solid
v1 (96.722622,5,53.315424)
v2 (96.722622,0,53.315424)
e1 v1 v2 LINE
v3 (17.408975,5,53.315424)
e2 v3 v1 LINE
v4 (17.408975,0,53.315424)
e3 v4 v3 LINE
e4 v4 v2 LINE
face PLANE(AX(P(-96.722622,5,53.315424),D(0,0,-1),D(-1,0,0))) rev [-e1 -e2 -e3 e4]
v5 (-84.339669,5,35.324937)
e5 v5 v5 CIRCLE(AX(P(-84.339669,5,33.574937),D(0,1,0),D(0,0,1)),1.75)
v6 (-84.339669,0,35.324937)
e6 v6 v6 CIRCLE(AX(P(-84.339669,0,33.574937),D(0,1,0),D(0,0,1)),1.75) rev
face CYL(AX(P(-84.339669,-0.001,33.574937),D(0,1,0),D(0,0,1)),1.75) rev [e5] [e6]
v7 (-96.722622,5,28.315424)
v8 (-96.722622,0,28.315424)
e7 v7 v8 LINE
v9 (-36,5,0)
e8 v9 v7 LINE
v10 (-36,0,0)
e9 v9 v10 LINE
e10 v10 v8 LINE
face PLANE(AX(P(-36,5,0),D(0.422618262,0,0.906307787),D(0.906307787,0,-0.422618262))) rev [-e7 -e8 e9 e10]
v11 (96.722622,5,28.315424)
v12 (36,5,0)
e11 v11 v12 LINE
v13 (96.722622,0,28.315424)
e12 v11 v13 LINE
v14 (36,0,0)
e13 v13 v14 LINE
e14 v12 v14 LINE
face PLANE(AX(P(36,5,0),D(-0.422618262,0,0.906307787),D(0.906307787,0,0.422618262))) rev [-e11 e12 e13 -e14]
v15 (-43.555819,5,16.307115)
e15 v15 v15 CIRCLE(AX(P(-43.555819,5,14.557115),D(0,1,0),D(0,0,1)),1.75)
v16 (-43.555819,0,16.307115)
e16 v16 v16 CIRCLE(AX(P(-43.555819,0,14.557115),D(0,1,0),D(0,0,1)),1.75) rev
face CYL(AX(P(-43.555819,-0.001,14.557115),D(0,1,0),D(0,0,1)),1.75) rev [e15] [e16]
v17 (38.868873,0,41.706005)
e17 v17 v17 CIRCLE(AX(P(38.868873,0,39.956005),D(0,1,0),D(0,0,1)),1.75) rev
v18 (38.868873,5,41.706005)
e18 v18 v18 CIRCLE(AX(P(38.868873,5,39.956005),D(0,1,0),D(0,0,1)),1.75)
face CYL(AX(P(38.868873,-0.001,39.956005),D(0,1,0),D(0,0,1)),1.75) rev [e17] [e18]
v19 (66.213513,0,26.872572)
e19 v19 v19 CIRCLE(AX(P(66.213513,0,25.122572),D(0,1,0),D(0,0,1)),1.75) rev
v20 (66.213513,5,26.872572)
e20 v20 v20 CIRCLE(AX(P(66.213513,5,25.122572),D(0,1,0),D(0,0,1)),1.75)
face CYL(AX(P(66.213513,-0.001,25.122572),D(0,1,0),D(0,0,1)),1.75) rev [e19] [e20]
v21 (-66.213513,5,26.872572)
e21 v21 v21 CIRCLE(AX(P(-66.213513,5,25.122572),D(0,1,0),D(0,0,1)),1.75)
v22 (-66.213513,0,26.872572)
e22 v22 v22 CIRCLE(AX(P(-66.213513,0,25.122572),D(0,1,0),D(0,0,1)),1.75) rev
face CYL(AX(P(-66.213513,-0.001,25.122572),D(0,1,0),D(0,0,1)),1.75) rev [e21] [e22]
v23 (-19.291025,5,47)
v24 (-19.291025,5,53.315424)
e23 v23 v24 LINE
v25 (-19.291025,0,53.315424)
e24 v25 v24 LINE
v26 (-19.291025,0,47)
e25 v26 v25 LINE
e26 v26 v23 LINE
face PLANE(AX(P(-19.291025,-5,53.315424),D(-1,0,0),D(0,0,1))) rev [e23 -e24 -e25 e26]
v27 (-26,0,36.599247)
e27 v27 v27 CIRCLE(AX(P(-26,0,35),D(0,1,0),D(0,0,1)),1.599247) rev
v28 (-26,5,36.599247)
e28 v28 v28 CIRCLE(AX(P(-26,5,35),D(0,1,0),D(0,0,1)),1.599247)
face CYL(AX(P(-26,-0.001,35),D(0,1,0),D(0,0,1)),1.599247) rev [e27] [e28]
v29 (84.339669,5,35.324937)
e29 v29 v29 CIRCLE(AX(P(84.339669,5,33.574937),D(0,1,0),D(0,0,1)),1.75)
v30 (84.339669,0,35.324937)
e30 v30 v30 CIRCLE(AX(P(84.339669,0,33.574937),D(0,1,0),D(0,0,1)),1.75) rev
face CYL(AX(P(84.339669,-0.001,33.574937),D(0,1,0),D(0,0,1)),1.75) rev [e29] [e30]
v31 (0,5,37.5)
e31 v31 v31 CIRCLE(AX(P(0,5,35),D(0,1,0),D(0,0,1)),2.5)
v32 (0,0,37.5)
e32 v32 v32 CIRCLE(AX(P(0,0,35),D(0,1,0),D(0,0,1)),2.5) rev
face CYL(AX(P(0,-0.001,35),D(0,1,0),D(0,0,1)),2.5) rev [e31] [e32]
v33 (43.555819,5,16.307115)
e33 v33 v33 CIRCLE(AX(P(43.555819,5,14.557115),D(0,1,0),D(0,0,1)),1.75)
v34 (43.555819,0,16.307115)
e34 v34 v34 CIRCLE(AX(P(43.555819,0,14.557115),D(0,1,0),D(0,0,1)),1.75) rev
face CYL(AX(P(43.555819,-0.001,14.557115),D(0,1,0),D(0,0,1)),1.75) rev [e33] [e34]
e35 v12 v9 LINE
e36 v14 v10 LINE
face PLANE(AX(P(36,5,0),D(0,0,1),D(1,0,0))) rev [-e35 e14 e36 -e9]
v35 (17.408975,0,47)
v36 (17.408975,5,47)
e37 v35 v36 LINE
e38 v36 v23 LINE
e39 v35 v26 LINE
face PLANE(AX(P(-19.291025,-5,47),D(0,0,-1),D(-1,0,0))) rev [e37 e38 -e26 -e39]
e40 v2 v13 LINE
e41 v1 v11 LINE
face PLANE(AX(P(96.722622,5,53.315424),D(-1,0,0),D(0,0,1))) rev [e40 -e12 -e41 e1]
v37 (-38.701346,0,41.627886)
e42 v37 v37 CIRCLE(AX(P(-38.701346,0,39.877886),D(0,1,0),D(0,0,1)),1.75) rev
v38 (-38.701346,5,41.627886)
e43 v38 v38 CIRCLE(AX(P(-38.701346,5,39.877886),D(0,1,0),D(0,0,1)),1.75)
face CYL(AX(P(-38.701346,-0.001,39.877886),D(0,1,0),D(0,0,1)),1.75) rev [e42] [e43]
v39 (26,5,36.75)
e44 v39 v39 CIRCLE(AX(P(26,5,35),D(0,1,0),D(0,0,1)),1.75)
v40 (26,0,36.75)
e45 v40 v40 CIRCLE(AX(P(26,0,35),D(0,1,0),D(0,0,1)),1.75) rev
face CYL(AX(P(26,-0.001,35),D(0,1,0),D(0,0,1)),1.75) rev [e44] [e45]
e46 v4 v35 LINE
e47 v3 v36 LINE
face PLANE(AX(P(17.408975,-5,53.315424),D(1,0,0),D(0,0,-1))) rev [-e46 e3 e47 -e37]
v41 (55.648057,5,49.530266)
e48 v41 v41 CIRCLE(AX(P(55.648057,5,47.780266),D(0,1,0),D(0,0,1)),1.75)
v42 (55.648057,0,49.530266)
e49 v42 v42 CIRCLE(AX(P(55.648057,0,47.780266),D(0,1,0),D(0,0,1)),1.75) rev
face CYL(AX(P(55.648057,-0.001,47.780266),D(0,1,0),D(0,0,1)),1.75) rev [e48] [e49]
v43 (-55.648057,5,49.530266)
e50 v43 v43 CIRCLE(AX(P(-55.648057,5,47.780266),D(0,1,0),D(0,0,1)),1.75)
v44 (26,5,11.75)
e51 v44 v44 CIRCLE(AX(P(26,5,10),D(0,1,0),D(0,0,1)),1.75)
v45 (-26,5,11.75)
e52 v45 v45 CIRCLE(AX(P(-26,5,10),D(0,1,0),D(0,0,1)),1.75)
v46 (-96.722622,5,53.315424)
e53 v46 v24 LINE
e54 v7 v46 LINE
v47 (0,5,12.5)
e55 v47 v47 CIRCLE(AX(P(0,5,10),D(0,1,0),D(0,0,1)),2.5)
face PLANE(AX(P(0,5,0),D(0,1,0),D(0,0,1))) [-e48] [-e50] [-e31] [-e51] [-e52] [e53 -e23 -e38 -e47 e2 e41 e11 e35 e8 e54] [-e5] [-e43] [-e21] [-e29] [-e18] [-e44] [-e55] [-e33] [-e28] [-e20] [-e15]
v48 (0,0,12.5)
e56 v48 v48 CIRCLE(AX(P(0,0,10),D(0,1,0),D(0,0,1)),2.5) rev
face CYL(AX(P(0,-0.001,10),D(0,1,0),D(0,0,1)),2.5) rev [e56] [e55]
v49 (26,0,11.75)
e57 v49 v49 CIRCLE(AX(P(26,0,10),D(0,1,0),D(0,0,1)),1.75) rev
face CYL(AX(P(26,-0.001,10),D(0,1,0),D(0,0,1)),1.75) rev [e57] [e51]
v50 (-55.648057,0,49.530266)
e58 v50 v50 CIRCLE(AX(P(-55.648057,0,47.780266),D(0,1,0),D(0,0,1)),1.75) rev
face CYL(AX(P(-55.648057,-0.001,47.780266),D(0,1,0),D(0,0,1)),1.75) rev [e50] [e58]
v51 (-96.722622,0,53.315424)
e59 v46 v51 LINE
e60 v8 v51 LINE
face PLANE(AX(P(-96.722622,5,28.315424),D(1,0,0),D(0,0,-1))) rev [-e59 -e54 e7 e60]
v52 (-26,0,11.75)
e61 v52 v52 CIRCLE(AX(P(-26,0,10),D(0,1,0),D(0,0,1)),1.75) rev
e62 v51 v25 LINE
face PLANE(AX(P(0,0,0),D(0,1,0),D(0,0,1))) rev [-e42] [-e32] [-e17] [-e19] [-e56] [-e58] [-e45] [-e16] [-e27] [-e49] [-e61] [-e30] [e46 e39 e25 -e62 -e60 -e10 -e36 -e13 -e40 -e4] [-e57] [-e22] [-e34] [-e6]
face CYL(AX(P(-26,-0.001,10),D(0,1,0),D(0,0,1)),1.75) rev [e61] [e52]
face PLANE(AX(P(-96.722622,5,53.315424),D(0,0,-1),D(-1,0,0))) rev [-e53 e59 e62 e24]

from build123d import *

# Parameters (mm, degrees)
SALIENTE_EXTRUIR1_DEPTH = 5
CORTAR_EXTRUIR1_REACH   = 7
CROQUIS2_R              = 1.75
CROQUIS2_R_2            = 2.5
CROQUIS2_R_3            = 1.599246839
CROQUIS3_W              = 36.7
CROQUIS3_H              = 6.315423537
CORTAR_EXTRUIR2_DEPTH   = 10


with BuildPart() as part:
    # Croquis1 → Saliente-Extruir1 (new body)
    with BuildSketch(Plane(origin=(0, 0, 0), x_dir=(1, 0, 0), z_dir=(0, 1, 0))):
        Polygon((36, 0), (-36, 0), (-96.722621731, -28.315423537), (-96.722621731, -53.315423537), (96.722621731, -53.315423537), (96.722621731, -28.315423537), align=None)
    extrude(amount=SALIENTE_EXTRUIR1_DEPTH)

    # Croquis2 → Cortar-Extruir1 (cut, up to next)
    with BuildSketch(Plane(origin=(0, 5, 0), x_dir=(1, 0, 0), z_dir=(0, 1, 0)), mode=Mode.PRIVATE) as cortar_extruir1_sk1:
        with Locations((-84.339669031, -33.574937051)):
            Circle(CROQUIS2_R)
    cortar_extruir1_tool1 = extrude(cortar_extruir1_sk1.sketch, amount=-CORTAR_EXTRUIR1_REACH, mode=Mode.PRIVATE) & part.part
    add(cortar_extruir1_tool1.solids().sort_by_distance((-84.339669, 5, 33.574937))[0], mode=Mode.SUBTRACT)
    # Croquis2 → Cortar-Extruir1 (cut, up to next)
    with BuildSketch(Plane(origin=(0, 5, 0), x_dir=(1, 0, 0), z_dir=(0, 1, 0)), mode=Mode.PRIVATE) as cortar_extruir1_sk2:
        with Locations((-66.21351329, -25.122571817)):
            Circle(CROQUIS2_R)
    cortar_extruir1_tool2 = extrude(cortar_extruir1_sk2.sketch, amount=-CORTAR_EXTRUIR1_REACH, mode=Mode.PRIVATE) & part.part
    add(cortar_extruir1_tool2.solids().sort_by_distance((-66.213513, 5, 25.122572))[0], mode=Mode.SUBTRACT)
    # Croquis2 → Cortar-Extruir1 (cut, up to next)
    with BuildSketch(Plane(origin=(0, 5, 0), x_dir=(1, 0, 0), z_dir=(0, 1, 0)), mode=Mode.PRIVATE) as cortar_extruir1_sk3:
        with Locations((-55.648056746, -47.780266492)):
            Circle(CROQUIS2_R)
    cortar_extruir1_tool3 = extrude(cortar_extruir1_sk3.sketch, amount=-CORTAR_EXTRUIR1_REACH, mode=Mode.PRIVATE) & part.part
    add(cortar_extruir1_tool3.solids().sort_by_distance((-55.648057, 5, 47.780266))[0], mode=Mode.SUBTRACT)
    # Croquis2 → Cortar-Extruir1 (cut, up to next)
    with BuildSketch(Plane(origin=(0, 5, 0), x_dir=(1, 0, 0), z_dir=(0, 1, 0)), mode=Mode.PRIVATE) as cortar_extruir1_sk4:
        with Locations((-38.701346441, -39.877885696)):
            Circle(CROQUIS2_R)
    cortar_extruir1_tool4 = extrude(cortar_extruir1_sk4.sketch, amount=-CORTAR_EXTRUIR1_REACH, mode=Mode.PRIVATE) & part.part
    add(cortar_extruir1_tool4.solids().sort_by_distance((-38.701346, 5, 39.877886))[0], mode=Mode.SUBTRACT)
    # Croquis2 → Cortar-Extruir1 (cut, up to next)
    with BuildSketch(Plane(origin=(0, 5, 0), x_dir=(1, 0, 0), z_dir=(0, 1, 0)), mode=Mode.PRIVATE) as cortar_extruir1_sk5:
        with Locations((-43.555818614, -14.557115273)):
            Circle(CROQUIS2_R)
    cortar_extruir1_tool5 = extrude(cortar_extruir1_sk5.sketch, amount=-CORTAR_EXTRUIR1_REACH, mode=Mode.PRIVATE) & part.part
    add(cortar_extruir1_tool5.solids().sort_by_distance((-43.555819, 5, 14.557115))[0], mode=Mode.SUBTRACT)
    # Croquis2 → Cortar-Extruir1 (cut, up to next)
    with BuildSketch(Plane(origin=(0, 5, 0), x_dir=(1, 0, 0), z_dir=(0, 1, 0)), mode=Mode.PRIVATE) as cortar_extruir1_sk6:
        with Locations((38.868873457, -39.956004827)):
            Circle(CROQUIS2_R)
    cortar_extruir1_tool6 = extrude(cortar_extruir1_sk6.sketch, amount=-CORTAR_EXTRUIR1_REACH, mode=Mode.PRIVATE) & part.part
    add(cortar_extruir1_tool6.solids().sort_by_distance((38.868873, 5, 39.956005))[0], mode=Mode.SUBTRACT)
    # Croquis2 → Cortar-Extruir1 (cut, up to next)
    with BuildSketch(Plane(origin=(0, 5, 0), x_dir=(1, 0, 0), z_dir=(0, 1, 0)), mode=Mode.PRIVATE) as cortar_extruir1_sk7:
        with Locations((55.648056746, -47.780266492)):
            Circle(CROQUIS2_R)
    cortar_extruir1_tool7 = extrude(cortar_extruir1_sk7.sketch, amount=-CORTAR_EXTRUIR1_REACH, mode=Mode.PRIVATE) & part.part
    add(cortar_extruir1_tool7.solids().sort_by_distance((55.648057, 5, 47.780266))[0], mode=Mode.SUBTRACT)
    # Croquis2 → Cortar-Extruir1 (cut, up to next)
    with BuildSketch(Plane(origin=(0, 5, 0), x_dir=(1, 0, 0), z_dir=(0, 1, 0)), mode=Mode.PRIVATE) as cortar_extruir1_sk8:
        with Locations((84.339669031, -33.574937051)):
            Circle(CROQUIS2_R)
    cortar_extruir1_tool8 = extrude(cortar_extruir1_sk8.sketch, amount=-CORTAR_EXTRUIR1_REACH, mode=Mode.PRIVATE) & part.part
    add(cortar_extruir1_tool8.solids().sort_by_distance((84.339669, 5, 33.574937))[0], mode=Mode.SUBTRACT)
    # Croquis2 → Cortar-Extruir1 (cut, up to next)
    with BuildSketch(Plane(origin=(0, 5, 0), x_dir=(1, 0, 0), z_dir=(0, 1, 0)), mode=Mode.PRIVATE) as cortar_extruir1_sk9:
        with Locations((66.21351329, -25.122571817)):
            Circle(CROQUIS2_R)
    cortar_extruir1_tool9 = extrude(cortar_extruir1_sk9.sketch, amount=-CORTAR_EXTRUIR1_REACH, mode=Mode.PRIVATE) & part.part
    add(cortar_extruir1_tool9.solids().sort_by_distance((66.213513, 5, 25.122572))[0], mode=Mode.SUBTRACT)
    # Croquis2 → Cortar-Extruir1 (cut, up to next)
    with BuildSketch(Plane(origin=(0, 5, 0), x_dir=(1, 0, 0), z_dir=(0, 1, 0)), mode=Mode.PRIVATE) as cortar_extruir1_sk10:
        with Locations((43.555818614, -14.557115273)):
            Circle(CROQUIS2_R)
    cortar_extruir1_tool10 = extrude(cortar_extruir1_sk10.sketch, amount=-CORTAR_EXTRUIR1_REACH, mode=Mode.PRIVATE) & part.part
    add(cortar_extruir1_tool10.solids().sort_by_distance((43.555819, 5, 14.557115))[0], mode=Mode.SUBTRACT)
    # Croquis2 → Cortar-Extruir1 (cut, up to next)
    with BuildSketch(Plane(origin=(0, 5, 0), x_dir=(1, 0, 0), z_dir=(0, 1, 0)), mode=Mode.PRIVATE) as cortar_extruir1_sk11:
        with Locations((0, -10)):
            Circle(CROQUIS2_R_2)
    cortar_extruir1_tool11 = extrude(cortar_extruir1_sk11.sketch, amount=-CORTAR_EXTRUIR1_REACH, mode=Mode.PRIVATE) & part.part
    add(cortar_extruir1_tool11.solids().sort_by_distance((0, 5, 10))[0], mode=Mode.SUBTRACT)
    # Croquis2 → Cortar-Extruir1 (cut, up to next)
    with BuildSketch(Plane(origin=(0, 5, 0), x_dir=(1, 0, 0), z_dir=(0, 1, 0)), mode=Mode.PRIVATE) as cortar_extruir1_sk12:
        with Locations((0, -35)):
            Circle(CROQUIS2_R_2)
    cortar_extruir1_tool12 = extrude(cortar_extruir1_sk12.sketch, amount=-CORTAR_EXTRUIR1_REACH, mode=Mode.PRIVATE) & part.part
    add(cortar_extruir1_tool12.solids().sort_by_distance((0, 5, 35))[0], mode=Mode.SUBTRACT)
    # Croquis2 → Cortar-Extruir1 (cut, up to next)
    with BuildSketch(Plane(origin=(0, 5, 0), x_dir=(1, 0, 0), z_dir=(0, 1, 0)), mode=Mode.PRIVATE) as cortar_extruir1_sk13:
        with Locations((26, -10)):
            Circle(CROQUIS2_R)
    cortar_extruir1_tool13 = extrude(cortar_extruir1_sk13.sketch, amount=-CORTAR_EXTRUIR1_REACH, mode=Mode.PRIVATE) & part.part
    add(cortar_extruir1_tool13.solids().sort_by_distance((26, 5, 10))[0], mode=Mode.SUBTRACT)
    # Croquis2 → Cortar-Extruir1 (cut, up to next)
    with BuildSketch(Plane(origin=(0, 5, 0), x_dir=(1, 0, 0), z_dir=(0, 1, 0)), mode=Mode.PRIVATE) as cortar_extruir1_sk14:
        with Locations((26, -35)):
            Circle(CROQUIS2_R)
    cortar_extruir1_tool14 = extrude(cortar_extruir1_sk14.sketch, amount=-CORTAR_EXTRUIR1_REACH, mode=Mode.PRIVATE) & part.part
    add(cortar_extruir1_tool14.solids().sort_by_distance((26, 5, 35))[0], mode=Mode.SUBTRACT)
    # Croquis2 → Cortar-Extruir1 (cut, up to next)
    with BuildSketch(Plane(origin=(0, 5, 0), x_dir=(1, 0, 0), z_dir=(0, 1, 0)), mode=Mode.PRIVATE) as cortar_extruir1_sk15:
        with Locations((-26, -10)):
            Circle(CROQUIS2_R)
    cortar_extruir1_tool15 = extrude(cortar_extruir1_sk15.sketch, amount=-CORTAR_EXTRUIR1_REACH, mode=Mode.PRIVATE) & part.part
    add(cortar_extruir1_tool15.solids().sort_by_distance((-26, 5, 10))[0], mode=Mode.SUBTRACT)
    # Croquis2 → Cortar-Extruir1 (cut, up to next)
    with BuildSketch(Plane(origin=(0, 5, 0), x_dir=(1, 0, 0), z_dir=(0, 1, 0)), mode=Mode.PRIVATE) as cortar_extruir1_sk16:
        with Locations((-26, -35)):
            Circle(CROQUIS2_R_3)
    cortar_extruir1_tool16 = extrude(cortar_extruir1_sk16.sketch, amount=-CORTAR_EXTRUIR1_REACH, mode=Mode.PRIVATE) & part.part
    add(cortar_extruir1_tool16.solids().sort_by_distance((-26, 5, 35))[0], mode=Mode.SUBTRACT)

    # Croquis3 → Cortar-Extruir2 (cut)
    with BuildSketch(Plane(origin=(0, 5, 0), x_dir=(1, 0, 0), z_dir=(0, 1, 0))):
        with Locations((-0.941024734, -50.157711769)):
            Rectangle(CROQUIS3_W, CROQUIS3_H)
    extrude(amount=-CORTAR_EXTRUIR2_DEPTH, mode=Mode.SUBTRACT)


solid = part.part
